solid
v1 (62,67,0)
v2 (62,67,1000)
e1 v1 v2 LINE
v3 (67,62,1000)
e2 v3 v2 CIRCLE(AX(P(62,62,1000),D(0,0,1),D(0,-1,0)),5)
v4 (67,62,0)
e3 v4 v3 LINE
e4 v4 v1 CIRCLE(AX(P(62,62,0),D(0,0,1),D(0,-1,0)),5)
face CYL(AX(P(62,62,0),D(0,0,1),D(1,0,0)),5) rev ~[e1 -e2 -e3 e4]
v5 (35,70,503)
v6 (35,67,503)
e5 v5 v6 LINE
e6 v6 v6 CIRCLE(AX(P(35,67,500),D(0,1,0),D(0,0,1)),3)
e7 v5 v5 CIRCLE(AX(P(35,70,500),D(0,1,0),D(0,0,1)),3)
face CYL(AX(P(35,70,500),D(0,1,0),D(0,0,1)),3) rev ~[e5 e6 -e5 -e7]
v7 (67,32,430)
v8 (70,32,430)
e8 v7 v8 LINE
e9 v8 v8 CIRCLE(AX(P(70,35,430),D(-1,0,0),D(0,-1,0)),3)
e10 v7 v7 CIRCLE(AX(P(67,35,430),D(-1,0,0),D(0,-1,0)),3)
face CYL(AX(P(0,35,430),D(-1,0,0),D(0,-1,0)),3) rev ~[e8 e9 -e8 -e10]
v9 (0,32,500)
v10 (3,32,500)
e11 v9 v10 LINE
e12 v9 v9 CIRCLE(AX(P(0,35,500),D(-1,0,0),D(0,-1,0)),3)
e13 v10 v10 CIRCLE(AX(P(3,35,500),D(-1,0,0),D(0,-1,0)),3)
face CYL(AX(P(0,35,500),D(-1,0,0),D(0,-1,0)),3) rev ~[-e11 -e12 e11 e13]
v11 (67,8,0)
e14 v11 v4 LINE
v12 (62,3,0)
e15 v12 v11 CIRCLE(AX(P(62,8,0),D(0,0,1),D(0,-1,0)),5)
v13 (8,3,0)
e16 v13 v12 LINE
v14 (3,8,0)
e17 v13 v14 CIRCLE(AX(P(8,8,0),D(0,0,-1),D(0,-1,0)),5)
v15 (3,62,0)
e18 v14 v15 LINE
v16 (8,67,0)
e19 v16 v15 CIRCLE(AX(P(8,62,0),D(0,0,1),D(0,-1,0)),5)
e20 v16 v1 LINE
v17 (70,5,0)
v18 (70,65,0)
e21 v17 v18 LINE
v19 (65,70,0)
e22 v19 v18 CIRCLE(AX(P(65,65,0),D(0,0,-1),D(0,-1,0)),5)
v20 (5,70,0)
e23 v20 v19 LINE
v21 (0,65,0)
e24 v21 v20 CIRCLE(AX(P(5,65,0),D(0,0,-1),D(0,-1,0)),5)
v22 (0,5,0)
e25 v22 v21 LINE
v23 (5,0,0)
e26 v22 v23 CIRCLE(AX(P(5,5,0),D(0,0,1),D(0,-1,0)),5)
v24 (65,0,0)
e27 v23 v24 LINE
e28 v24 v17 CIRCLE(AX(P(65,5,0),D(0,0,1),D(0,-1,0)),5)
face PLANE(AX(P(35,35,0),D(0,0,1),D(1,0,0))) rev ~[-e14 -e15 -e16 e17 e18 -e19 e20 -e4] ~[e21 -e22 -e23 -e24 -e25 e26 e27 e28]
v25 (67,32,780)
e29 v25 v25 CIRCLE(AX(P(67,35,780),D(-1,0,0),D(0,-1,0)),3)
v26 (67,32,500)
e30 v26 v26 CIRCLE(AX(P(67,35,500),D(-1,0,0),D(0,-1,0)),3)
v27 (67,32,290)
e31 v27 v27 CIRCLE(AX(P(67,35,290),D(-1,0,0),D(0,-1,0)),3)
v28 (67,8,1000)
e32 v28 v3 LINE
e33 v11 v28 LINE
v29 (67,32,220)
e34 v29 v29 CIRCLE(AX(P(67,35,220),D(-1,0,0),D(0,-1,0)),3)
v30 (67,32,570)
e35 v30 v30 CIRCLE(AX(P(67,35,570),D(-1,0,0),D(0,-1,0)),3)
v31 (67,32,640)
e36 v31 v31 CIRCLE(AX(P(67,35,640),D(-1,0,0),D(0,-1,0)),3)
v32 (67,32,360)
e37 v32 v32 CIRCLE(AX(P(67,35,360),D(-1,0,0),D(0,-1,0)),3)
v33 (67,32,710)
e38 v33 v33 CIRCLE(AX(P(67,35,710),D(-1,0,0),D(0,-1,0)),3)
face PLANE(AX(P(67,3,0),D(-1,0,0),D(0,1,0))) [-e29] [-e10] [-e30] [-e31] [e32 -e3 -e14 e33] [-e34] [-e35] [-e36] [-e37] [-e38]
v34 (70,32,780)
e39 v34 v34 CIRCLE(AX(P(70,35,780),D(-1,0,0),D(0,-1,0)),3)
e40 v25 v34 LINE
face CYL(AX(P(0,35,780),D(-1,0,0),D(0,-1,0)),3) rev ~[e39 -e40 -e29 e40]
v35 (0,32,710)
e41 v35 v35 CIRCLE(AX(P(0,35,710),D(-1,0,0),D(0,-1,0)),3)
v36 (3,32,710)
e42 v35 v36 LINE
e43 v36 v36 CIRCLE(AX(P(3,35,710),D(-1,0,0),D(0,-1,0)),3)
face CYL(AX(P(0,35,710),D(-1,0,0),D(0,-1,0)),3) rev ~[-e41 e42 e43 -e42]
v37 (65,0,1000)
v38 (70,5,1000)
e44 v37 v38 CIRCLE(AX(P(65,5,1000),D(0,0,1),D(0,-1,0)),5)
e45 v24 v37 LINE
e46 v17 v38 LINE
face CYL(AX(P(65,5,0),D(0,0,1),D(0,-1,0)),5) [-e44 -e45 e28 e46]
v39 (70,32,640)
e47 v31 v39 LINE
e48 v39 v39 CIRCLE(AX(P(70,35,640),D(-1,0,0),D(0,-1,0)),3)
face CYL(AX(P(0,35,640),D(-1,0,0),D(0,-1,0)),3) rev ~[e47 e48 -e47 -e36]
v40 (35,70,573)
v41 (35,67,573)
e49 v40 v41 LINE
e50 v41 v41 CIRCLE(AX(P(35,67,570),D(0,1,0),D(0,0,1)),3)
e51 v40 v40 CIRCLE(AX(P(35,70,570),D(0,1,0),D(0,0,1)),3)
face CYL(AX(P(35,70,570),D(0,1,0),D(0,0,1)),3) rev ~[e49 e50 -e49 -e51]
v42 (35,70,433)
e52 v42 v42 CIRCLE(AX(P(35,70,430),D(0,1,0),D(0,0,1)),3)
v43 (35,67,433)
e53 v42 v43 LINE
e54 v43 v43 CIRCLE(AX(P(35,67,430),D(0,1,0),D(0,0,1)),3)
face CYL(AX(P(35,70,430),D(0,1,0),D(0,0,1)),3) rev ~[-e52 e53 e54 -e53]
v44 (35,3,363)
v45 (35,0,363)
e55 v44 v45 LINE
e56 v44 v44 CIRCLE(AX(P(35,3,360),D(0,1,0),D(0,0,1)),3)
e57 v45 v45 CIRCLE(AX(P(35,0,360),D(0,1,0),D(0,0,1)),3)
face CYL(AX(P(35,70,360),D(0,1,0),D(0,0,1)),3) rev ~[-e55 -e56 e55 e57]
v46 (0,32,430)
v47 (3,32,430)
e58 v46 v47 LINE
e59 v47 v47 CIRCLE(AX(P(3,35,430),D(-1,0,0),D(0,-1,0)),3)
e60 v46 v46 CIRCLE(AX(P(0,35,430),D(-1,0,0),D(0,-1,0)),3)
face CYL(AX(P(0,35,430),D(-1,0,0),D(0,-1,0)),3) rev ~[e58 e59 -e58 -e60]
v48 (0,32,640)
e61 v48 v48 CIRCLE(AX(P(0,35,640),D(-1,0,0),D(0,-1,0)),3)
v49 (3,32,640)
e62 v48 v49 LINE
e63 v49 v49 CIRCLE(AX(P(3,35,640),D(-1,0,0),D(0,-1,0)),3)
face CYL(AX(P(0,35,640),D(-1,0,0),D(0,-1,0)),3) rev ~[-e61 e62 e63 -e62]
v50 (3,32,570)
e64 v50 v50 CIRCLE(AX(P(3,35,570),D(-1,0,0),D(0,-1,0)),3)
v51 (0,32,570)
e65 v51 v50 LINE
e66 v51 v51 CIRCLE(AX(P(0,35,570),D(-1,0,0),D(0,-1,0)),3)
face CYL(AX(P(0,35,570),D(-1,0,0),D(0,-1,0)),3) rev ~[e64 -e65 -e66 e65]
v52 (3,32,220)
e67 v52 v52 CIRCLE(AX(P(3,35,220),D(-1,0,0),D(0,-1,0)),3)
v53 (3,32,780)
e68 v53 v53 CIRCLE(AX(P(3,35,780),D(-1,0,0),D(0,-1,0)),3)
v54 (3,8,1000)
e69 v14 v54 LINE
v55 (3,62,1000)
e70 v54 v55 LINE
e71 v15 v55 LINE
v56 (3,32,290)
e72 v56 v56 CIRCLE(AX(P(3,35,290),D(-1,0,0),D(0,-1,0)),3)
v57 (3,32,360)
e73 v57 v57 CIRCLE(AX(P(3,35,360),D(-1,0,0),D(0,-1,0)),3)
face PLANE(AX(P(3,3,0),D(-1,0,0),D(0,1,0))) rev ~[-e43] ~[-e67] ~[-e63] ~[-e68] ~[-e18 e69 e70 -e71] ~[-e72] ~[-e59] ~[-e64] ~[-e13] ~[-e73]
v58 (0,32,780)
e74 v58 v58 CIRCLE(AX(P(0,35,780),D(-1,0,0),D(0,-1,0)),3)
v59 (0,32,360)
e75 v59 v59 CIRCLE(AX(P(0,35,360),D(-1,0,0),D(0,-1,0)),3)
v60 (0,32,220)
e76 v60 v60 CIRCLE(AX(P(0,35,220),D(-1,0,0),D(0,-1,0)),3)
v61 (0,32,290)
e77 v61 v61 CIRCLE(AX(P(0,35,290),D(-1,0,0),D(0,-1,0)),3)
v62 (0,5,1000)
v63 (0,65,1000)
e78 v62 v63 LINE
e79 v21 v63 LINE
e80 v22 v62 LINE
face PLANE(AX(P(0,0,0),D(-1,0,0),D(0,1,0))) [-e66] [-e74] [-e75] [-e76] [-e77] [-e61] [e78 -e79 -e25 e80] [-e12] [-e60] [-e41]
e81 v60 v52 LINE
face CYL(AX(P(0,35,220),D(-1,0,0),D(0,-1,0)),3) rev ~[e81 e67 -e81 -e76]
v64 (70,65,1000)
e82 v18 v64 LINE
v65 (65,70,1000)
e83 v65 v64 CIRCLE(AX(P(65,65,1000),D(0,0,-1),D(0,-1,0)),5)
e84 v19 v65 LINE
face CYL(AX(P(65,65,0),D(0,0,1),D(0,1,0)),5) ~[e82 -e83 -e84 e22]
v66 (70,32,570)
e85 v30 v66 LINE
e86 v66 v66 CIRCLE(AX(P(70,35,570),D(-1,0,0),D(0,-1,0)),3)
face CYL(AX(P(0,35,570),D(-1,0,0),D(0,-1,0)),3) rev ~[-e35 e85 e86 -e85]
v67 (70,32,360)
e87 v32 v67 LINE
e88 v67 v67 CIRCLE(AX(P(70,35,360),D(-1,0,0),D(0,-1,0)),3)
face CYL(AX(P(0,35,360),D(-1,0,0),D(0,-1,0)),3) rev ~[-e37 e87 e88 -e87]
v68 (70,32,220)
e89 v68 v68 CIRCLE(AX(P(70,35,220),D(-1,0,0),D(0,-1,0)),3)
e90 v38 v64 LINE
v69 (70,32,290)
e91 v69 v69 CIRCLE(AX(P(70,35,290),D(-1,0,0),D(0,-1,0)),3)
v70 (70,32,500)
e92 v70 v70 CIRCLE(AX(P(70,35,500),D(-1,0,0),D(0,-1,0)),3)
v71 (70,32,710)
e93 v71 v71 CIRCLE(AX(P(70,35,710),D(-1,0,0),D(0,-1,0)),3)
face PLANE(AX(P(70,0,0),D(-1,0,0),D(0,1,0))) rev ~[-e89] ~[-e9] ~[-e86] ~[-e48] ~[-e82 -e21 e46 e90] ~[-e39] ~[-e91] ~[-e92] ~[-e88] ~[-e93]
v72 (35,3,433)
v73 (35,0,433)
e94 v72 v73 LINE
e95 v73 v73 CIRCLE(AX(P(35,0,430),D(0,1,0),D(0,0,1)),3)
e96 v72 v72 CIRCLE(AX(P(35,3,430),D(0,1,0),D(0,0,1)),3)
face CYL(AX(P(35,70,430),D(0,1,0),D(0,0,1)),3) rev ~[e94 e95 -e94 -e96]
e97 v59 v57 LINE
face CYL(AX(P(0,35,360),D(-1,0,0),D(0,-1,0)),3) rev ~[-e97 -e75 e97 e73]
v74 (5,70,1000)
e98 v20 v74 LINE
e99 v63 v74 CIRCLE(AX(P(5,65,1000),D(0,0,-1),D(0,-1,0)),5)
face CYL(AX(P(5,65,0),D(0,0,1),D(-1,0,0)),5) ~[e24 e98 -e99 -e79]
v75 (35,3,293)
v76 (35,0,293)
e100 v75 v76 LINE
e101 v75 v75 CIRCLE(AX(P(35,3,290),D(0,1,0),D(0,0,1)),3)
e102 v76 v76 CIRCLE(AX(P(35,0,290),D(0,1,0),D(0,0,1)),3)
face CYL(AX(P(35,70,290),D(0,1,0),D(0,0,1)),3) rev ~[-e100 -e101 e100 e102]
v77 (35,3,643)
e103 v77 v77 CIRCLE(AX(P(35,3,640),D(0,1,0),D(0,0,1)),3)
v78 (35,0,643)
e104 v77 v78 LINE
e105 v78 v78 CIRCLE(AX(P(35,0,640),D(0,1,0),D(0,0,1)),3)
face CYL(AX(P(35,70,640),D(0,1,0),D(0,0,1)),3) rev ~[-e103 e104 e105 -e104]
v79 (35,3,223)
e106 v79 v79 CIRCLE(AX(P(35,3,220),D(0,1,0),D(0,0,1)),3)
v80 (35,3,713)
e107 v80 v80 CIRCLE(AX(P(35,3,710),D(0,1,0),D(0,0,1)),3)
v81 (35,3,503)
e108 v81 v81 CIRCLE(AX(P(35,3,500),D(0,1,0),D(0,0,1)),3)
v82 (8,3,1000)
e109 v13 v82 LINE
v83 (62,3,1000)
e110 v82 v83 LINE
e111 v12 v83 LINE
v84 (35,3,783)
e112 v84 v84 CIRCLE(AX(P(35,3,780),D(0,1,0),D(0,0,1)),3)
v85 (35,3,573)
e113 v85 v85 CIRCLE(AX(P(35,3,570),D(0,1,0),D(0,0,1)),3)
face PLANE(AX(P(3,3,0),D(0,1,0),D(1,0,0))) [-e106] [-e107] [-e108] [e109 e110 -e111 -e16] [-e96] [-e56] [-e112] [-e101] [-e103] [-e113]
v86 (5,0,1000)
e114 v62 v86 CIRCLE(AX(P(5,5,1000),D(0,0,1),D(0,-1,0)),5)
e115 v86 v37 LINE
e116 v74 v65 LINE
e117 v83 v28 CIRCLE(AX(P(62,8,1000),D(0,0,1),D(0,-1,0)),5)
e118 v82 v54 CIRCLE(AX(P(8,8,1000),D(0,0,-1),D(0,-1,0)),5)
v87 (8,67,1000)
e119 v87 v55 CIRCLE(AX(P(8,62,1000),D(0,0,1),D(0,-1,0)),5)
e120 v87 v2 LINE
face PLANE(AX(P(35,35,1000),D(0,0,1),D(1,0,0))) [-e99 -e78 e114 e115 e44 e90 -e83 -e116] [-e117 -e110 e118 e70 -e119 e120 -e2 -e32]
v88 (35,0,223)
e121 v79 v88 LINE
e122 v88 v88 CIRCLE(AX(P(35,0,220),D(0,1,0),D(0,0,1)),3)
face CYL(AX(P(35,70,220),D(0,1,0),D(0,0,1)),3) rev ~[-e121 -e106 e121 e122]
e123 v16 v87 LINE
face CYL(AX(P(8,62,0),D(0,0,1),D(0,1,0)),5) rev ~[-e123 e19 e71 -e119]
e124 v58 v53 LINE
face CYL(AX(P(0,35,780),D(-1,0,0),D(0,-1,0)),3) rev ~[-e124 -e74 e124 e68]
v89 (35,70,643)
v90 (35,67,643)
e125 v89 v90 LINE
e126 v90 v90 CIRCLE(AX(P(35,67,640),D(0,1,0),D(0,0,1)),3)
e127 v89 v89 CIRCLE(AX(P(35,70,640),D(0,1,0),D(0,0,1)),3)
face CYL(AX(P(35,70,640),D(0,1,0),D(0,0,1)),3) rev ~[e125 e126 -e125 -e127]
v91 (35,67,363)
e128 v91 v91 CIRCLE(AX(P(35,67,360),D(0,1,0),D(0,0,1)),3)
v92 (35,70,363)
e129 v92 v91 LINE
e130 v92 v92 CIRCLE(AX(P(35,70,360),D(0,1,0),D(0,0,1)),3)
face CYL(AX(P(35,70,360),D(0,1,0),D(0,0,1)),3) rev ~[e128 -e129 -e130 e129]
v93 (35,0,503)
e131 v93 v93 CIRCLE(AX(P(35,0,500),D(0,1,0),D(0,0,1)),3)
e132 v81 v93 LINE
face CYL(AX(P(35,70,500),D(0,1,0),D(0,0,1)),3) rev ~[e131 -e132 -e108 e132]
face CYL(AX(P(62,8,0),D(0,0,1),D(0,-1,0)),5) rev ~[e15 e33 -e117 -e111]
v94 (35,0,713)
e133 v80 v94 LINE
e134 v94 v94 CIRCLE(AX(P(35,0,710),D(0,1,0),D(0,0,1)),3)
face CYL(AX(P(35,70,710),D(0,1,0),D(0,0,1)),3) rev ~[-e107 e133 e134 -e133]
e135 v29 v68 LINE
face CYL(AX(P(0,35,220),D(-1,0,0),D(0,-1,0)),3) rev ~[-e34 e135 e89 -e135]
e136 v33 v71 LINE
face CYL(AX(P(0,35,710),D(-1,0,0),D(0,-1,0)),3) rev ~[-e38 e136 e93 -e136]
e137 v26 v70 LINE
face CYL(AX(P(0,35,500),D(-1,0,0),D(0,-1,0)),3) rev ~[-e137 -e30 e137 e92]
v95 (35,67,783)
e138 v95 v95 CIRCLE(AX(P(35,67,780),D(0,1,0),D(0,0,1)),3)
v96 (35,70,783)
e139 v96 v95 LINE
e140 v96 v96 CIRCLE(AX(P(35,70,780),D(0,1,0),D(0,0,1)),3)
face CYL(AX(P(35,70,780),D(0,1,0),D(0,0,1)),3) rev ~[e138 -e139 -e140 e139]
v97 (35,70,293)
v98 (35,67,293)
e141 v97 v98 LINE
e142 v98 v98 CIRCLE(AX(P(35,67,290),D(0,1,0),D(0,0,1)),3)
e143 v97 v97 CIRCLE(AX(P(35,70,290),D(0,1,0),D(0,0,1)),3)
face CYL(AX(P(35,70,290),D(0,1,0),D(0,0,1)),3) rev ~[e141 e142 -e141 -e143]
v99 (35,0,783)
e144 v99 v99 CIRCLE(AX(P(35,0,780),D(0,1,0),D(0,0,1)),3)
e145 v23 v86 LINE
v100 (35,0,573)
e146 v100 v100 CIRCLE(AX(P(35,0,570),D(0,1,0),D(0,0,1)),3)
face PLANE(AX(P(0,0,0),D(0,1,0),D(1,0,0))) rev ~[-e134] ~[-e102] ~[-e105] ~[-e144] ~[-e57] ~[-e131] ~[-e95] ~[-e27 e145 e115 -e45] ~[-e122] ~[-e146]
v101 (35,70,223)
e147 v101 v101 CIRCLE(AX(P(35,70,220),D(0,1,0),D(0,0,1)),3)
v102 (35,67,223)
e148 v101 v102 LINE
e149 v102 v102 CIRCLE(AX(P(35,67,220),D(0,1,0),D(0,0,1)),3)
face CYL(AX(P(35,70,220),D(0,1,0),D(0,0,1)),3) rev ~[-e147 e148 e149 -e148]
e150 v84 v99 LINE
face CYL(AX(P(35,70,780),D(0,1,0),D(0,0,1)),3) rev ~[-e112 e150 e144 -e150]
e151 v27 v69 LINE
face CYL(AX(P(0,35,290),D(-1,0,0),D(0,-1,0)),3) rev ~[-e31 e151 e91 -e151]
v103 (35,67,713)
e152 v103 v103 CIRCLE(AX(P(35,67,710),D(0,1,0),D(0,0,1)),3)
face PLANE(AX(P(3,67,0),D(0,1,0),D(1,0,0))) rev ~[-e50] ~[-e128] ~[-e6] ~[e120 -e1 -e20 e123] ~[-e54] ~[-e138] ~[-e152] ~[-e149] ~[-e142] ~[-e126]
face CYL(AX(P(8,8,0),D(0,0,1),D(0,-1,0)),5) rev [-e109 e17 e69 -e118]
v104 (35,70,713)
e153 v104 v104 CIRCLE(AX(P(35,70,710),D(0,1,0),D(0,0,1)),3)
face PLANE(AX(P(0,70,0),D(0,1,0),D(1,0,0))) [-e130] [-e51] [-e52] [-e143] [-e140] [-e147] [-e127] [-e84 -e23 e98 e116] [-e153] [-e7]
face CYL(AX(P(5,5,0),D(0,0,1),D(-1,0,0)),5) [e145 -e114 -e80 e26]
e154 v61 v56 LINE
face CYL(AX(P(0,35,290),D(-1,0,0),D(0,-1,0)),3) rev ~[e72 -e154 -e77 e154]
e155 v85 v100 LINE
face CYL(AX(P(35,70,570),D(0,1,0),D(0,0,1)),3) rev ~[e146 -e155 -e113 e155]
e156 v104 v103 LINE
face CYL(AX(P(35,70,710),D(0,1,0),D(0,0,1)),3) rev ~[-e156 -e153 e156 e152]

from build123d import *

# Parameters (mm, degrees)
SKETCH1_W           = 70
SKETCH1_H           = 70
SKETCH1_W_2         = 64
SKETCH1_H_2         = 64
BOSS_EXTRUDE1_DEPTH = 1000
FILLET1_R           = 5
SKETCH5_R           = 3
CUT_EXTRUDE3_DEPTH  = 70
LPATTERN1_COUNT     = 5
LPATTERN1_PITCH     = 70
LPATTERN1_COL_COUNT = 5
LPATTERN1_COL_PITCH = 70
SKETCH6_R           = 3
CUT_EXTRUDE4_DEPTH  = 70
LPATTERN2_COUNT     = 5
LPATTERN2_PITCH     = 70
LPATTERN2_COL_COUNT = 5
LPATTERN2_COL_PITCH = 70


with BuildPart() as part:
    # Sketch1 → Boss-Extrude1 (new body)
    with BuildSketch(Plane.XY):
        with Locations((35, 35)):
            Rectangle(SKETCH1_W, SKETCH1_H)
        with Locations((35, 35)):
            Rectangle(SKETCH1_W_2, SKETCH1_H_2, mode=Mode.SUBTRACT)
    extrude(amount=BOSS_EXTRUDE1_DEPTH)

    # Fillet1
    fillet1_edges = [part.edges().sort_by_distance(p)[0] for p in [
        (3, 67, 500),
        (3, 3, 500),
        (67, 3, 500),
        (67, 67, 500),
        (0, 70, 500),
        (70, 70, 500),
        (70, 0, 500),
        (0, 0, 500),
    ]]
    fillet(fillet1_edges, radius=FILLET1_R)

    # Sketch5 → Cut-Extrude3 (cut)
    with BuildSketch(Plane(origin=(0, 70, 0), x_dir=(1, 0, 0), z_dir=(0, 1, 0))):
        with Locations(Location((35, -500, 0), (0, 0, 270))):
            Circle(SKETCH5_R)
    cut_extrude3 = extrude(amount=-CUT_EXTRUDE3_DEPTH, mode=Mode.SUBTRACT)

    # LPattern1: Cut-Extrude3 ×5
    with Locations(*[(0, 0, i * LPATTERN1_PITCH) for i in range(1, LPATTERN1_COUNT)]):
        add(cut_extrude3, mode=Mode.SUBTRACT)

    # LPattern1 col: Cut-Extrude3 ×5
    with Locations(*[(0, 0, -i * LPATTERN1_COL_PITCH) for i in range(1, LPATTERN1_COL_COUNT)]):
        add(cut_extrude3, mode=Mode.SUBTRACT)

    # Sketch6 → Cut-Extrude4 (cut)
    with BuildSketch(Plane.ZY):
        with Locations(Location((500, 35, 0), (0, 0, 270))):
            Circle(SKETCH6_R)
    cut_extrude4 = extrude(amount=-CUT_EXTRUDE4_DEPTH, mode=Mode.SUBTRACT)

    # LPattern2: Cut-Extrude4 ×5
    with Locations(*[(0, 0, -i * LPATTERN2_PITCH) for i in range(1, LPATTERN2_COUNT)]):
        add(cut_extrude4, mode=Mode.SUBTRACT)

    # LPattern2 col: Cut-Extrude4 ×5
    with Locations(*[(0, 0, i * LPATTERN2_COL_PITCH) for i in range(1, LPATTERN2_COL_COUNT)]):
        add(cut_extrude4, mode=Mode.SUBTRACT)


solid = part.part
